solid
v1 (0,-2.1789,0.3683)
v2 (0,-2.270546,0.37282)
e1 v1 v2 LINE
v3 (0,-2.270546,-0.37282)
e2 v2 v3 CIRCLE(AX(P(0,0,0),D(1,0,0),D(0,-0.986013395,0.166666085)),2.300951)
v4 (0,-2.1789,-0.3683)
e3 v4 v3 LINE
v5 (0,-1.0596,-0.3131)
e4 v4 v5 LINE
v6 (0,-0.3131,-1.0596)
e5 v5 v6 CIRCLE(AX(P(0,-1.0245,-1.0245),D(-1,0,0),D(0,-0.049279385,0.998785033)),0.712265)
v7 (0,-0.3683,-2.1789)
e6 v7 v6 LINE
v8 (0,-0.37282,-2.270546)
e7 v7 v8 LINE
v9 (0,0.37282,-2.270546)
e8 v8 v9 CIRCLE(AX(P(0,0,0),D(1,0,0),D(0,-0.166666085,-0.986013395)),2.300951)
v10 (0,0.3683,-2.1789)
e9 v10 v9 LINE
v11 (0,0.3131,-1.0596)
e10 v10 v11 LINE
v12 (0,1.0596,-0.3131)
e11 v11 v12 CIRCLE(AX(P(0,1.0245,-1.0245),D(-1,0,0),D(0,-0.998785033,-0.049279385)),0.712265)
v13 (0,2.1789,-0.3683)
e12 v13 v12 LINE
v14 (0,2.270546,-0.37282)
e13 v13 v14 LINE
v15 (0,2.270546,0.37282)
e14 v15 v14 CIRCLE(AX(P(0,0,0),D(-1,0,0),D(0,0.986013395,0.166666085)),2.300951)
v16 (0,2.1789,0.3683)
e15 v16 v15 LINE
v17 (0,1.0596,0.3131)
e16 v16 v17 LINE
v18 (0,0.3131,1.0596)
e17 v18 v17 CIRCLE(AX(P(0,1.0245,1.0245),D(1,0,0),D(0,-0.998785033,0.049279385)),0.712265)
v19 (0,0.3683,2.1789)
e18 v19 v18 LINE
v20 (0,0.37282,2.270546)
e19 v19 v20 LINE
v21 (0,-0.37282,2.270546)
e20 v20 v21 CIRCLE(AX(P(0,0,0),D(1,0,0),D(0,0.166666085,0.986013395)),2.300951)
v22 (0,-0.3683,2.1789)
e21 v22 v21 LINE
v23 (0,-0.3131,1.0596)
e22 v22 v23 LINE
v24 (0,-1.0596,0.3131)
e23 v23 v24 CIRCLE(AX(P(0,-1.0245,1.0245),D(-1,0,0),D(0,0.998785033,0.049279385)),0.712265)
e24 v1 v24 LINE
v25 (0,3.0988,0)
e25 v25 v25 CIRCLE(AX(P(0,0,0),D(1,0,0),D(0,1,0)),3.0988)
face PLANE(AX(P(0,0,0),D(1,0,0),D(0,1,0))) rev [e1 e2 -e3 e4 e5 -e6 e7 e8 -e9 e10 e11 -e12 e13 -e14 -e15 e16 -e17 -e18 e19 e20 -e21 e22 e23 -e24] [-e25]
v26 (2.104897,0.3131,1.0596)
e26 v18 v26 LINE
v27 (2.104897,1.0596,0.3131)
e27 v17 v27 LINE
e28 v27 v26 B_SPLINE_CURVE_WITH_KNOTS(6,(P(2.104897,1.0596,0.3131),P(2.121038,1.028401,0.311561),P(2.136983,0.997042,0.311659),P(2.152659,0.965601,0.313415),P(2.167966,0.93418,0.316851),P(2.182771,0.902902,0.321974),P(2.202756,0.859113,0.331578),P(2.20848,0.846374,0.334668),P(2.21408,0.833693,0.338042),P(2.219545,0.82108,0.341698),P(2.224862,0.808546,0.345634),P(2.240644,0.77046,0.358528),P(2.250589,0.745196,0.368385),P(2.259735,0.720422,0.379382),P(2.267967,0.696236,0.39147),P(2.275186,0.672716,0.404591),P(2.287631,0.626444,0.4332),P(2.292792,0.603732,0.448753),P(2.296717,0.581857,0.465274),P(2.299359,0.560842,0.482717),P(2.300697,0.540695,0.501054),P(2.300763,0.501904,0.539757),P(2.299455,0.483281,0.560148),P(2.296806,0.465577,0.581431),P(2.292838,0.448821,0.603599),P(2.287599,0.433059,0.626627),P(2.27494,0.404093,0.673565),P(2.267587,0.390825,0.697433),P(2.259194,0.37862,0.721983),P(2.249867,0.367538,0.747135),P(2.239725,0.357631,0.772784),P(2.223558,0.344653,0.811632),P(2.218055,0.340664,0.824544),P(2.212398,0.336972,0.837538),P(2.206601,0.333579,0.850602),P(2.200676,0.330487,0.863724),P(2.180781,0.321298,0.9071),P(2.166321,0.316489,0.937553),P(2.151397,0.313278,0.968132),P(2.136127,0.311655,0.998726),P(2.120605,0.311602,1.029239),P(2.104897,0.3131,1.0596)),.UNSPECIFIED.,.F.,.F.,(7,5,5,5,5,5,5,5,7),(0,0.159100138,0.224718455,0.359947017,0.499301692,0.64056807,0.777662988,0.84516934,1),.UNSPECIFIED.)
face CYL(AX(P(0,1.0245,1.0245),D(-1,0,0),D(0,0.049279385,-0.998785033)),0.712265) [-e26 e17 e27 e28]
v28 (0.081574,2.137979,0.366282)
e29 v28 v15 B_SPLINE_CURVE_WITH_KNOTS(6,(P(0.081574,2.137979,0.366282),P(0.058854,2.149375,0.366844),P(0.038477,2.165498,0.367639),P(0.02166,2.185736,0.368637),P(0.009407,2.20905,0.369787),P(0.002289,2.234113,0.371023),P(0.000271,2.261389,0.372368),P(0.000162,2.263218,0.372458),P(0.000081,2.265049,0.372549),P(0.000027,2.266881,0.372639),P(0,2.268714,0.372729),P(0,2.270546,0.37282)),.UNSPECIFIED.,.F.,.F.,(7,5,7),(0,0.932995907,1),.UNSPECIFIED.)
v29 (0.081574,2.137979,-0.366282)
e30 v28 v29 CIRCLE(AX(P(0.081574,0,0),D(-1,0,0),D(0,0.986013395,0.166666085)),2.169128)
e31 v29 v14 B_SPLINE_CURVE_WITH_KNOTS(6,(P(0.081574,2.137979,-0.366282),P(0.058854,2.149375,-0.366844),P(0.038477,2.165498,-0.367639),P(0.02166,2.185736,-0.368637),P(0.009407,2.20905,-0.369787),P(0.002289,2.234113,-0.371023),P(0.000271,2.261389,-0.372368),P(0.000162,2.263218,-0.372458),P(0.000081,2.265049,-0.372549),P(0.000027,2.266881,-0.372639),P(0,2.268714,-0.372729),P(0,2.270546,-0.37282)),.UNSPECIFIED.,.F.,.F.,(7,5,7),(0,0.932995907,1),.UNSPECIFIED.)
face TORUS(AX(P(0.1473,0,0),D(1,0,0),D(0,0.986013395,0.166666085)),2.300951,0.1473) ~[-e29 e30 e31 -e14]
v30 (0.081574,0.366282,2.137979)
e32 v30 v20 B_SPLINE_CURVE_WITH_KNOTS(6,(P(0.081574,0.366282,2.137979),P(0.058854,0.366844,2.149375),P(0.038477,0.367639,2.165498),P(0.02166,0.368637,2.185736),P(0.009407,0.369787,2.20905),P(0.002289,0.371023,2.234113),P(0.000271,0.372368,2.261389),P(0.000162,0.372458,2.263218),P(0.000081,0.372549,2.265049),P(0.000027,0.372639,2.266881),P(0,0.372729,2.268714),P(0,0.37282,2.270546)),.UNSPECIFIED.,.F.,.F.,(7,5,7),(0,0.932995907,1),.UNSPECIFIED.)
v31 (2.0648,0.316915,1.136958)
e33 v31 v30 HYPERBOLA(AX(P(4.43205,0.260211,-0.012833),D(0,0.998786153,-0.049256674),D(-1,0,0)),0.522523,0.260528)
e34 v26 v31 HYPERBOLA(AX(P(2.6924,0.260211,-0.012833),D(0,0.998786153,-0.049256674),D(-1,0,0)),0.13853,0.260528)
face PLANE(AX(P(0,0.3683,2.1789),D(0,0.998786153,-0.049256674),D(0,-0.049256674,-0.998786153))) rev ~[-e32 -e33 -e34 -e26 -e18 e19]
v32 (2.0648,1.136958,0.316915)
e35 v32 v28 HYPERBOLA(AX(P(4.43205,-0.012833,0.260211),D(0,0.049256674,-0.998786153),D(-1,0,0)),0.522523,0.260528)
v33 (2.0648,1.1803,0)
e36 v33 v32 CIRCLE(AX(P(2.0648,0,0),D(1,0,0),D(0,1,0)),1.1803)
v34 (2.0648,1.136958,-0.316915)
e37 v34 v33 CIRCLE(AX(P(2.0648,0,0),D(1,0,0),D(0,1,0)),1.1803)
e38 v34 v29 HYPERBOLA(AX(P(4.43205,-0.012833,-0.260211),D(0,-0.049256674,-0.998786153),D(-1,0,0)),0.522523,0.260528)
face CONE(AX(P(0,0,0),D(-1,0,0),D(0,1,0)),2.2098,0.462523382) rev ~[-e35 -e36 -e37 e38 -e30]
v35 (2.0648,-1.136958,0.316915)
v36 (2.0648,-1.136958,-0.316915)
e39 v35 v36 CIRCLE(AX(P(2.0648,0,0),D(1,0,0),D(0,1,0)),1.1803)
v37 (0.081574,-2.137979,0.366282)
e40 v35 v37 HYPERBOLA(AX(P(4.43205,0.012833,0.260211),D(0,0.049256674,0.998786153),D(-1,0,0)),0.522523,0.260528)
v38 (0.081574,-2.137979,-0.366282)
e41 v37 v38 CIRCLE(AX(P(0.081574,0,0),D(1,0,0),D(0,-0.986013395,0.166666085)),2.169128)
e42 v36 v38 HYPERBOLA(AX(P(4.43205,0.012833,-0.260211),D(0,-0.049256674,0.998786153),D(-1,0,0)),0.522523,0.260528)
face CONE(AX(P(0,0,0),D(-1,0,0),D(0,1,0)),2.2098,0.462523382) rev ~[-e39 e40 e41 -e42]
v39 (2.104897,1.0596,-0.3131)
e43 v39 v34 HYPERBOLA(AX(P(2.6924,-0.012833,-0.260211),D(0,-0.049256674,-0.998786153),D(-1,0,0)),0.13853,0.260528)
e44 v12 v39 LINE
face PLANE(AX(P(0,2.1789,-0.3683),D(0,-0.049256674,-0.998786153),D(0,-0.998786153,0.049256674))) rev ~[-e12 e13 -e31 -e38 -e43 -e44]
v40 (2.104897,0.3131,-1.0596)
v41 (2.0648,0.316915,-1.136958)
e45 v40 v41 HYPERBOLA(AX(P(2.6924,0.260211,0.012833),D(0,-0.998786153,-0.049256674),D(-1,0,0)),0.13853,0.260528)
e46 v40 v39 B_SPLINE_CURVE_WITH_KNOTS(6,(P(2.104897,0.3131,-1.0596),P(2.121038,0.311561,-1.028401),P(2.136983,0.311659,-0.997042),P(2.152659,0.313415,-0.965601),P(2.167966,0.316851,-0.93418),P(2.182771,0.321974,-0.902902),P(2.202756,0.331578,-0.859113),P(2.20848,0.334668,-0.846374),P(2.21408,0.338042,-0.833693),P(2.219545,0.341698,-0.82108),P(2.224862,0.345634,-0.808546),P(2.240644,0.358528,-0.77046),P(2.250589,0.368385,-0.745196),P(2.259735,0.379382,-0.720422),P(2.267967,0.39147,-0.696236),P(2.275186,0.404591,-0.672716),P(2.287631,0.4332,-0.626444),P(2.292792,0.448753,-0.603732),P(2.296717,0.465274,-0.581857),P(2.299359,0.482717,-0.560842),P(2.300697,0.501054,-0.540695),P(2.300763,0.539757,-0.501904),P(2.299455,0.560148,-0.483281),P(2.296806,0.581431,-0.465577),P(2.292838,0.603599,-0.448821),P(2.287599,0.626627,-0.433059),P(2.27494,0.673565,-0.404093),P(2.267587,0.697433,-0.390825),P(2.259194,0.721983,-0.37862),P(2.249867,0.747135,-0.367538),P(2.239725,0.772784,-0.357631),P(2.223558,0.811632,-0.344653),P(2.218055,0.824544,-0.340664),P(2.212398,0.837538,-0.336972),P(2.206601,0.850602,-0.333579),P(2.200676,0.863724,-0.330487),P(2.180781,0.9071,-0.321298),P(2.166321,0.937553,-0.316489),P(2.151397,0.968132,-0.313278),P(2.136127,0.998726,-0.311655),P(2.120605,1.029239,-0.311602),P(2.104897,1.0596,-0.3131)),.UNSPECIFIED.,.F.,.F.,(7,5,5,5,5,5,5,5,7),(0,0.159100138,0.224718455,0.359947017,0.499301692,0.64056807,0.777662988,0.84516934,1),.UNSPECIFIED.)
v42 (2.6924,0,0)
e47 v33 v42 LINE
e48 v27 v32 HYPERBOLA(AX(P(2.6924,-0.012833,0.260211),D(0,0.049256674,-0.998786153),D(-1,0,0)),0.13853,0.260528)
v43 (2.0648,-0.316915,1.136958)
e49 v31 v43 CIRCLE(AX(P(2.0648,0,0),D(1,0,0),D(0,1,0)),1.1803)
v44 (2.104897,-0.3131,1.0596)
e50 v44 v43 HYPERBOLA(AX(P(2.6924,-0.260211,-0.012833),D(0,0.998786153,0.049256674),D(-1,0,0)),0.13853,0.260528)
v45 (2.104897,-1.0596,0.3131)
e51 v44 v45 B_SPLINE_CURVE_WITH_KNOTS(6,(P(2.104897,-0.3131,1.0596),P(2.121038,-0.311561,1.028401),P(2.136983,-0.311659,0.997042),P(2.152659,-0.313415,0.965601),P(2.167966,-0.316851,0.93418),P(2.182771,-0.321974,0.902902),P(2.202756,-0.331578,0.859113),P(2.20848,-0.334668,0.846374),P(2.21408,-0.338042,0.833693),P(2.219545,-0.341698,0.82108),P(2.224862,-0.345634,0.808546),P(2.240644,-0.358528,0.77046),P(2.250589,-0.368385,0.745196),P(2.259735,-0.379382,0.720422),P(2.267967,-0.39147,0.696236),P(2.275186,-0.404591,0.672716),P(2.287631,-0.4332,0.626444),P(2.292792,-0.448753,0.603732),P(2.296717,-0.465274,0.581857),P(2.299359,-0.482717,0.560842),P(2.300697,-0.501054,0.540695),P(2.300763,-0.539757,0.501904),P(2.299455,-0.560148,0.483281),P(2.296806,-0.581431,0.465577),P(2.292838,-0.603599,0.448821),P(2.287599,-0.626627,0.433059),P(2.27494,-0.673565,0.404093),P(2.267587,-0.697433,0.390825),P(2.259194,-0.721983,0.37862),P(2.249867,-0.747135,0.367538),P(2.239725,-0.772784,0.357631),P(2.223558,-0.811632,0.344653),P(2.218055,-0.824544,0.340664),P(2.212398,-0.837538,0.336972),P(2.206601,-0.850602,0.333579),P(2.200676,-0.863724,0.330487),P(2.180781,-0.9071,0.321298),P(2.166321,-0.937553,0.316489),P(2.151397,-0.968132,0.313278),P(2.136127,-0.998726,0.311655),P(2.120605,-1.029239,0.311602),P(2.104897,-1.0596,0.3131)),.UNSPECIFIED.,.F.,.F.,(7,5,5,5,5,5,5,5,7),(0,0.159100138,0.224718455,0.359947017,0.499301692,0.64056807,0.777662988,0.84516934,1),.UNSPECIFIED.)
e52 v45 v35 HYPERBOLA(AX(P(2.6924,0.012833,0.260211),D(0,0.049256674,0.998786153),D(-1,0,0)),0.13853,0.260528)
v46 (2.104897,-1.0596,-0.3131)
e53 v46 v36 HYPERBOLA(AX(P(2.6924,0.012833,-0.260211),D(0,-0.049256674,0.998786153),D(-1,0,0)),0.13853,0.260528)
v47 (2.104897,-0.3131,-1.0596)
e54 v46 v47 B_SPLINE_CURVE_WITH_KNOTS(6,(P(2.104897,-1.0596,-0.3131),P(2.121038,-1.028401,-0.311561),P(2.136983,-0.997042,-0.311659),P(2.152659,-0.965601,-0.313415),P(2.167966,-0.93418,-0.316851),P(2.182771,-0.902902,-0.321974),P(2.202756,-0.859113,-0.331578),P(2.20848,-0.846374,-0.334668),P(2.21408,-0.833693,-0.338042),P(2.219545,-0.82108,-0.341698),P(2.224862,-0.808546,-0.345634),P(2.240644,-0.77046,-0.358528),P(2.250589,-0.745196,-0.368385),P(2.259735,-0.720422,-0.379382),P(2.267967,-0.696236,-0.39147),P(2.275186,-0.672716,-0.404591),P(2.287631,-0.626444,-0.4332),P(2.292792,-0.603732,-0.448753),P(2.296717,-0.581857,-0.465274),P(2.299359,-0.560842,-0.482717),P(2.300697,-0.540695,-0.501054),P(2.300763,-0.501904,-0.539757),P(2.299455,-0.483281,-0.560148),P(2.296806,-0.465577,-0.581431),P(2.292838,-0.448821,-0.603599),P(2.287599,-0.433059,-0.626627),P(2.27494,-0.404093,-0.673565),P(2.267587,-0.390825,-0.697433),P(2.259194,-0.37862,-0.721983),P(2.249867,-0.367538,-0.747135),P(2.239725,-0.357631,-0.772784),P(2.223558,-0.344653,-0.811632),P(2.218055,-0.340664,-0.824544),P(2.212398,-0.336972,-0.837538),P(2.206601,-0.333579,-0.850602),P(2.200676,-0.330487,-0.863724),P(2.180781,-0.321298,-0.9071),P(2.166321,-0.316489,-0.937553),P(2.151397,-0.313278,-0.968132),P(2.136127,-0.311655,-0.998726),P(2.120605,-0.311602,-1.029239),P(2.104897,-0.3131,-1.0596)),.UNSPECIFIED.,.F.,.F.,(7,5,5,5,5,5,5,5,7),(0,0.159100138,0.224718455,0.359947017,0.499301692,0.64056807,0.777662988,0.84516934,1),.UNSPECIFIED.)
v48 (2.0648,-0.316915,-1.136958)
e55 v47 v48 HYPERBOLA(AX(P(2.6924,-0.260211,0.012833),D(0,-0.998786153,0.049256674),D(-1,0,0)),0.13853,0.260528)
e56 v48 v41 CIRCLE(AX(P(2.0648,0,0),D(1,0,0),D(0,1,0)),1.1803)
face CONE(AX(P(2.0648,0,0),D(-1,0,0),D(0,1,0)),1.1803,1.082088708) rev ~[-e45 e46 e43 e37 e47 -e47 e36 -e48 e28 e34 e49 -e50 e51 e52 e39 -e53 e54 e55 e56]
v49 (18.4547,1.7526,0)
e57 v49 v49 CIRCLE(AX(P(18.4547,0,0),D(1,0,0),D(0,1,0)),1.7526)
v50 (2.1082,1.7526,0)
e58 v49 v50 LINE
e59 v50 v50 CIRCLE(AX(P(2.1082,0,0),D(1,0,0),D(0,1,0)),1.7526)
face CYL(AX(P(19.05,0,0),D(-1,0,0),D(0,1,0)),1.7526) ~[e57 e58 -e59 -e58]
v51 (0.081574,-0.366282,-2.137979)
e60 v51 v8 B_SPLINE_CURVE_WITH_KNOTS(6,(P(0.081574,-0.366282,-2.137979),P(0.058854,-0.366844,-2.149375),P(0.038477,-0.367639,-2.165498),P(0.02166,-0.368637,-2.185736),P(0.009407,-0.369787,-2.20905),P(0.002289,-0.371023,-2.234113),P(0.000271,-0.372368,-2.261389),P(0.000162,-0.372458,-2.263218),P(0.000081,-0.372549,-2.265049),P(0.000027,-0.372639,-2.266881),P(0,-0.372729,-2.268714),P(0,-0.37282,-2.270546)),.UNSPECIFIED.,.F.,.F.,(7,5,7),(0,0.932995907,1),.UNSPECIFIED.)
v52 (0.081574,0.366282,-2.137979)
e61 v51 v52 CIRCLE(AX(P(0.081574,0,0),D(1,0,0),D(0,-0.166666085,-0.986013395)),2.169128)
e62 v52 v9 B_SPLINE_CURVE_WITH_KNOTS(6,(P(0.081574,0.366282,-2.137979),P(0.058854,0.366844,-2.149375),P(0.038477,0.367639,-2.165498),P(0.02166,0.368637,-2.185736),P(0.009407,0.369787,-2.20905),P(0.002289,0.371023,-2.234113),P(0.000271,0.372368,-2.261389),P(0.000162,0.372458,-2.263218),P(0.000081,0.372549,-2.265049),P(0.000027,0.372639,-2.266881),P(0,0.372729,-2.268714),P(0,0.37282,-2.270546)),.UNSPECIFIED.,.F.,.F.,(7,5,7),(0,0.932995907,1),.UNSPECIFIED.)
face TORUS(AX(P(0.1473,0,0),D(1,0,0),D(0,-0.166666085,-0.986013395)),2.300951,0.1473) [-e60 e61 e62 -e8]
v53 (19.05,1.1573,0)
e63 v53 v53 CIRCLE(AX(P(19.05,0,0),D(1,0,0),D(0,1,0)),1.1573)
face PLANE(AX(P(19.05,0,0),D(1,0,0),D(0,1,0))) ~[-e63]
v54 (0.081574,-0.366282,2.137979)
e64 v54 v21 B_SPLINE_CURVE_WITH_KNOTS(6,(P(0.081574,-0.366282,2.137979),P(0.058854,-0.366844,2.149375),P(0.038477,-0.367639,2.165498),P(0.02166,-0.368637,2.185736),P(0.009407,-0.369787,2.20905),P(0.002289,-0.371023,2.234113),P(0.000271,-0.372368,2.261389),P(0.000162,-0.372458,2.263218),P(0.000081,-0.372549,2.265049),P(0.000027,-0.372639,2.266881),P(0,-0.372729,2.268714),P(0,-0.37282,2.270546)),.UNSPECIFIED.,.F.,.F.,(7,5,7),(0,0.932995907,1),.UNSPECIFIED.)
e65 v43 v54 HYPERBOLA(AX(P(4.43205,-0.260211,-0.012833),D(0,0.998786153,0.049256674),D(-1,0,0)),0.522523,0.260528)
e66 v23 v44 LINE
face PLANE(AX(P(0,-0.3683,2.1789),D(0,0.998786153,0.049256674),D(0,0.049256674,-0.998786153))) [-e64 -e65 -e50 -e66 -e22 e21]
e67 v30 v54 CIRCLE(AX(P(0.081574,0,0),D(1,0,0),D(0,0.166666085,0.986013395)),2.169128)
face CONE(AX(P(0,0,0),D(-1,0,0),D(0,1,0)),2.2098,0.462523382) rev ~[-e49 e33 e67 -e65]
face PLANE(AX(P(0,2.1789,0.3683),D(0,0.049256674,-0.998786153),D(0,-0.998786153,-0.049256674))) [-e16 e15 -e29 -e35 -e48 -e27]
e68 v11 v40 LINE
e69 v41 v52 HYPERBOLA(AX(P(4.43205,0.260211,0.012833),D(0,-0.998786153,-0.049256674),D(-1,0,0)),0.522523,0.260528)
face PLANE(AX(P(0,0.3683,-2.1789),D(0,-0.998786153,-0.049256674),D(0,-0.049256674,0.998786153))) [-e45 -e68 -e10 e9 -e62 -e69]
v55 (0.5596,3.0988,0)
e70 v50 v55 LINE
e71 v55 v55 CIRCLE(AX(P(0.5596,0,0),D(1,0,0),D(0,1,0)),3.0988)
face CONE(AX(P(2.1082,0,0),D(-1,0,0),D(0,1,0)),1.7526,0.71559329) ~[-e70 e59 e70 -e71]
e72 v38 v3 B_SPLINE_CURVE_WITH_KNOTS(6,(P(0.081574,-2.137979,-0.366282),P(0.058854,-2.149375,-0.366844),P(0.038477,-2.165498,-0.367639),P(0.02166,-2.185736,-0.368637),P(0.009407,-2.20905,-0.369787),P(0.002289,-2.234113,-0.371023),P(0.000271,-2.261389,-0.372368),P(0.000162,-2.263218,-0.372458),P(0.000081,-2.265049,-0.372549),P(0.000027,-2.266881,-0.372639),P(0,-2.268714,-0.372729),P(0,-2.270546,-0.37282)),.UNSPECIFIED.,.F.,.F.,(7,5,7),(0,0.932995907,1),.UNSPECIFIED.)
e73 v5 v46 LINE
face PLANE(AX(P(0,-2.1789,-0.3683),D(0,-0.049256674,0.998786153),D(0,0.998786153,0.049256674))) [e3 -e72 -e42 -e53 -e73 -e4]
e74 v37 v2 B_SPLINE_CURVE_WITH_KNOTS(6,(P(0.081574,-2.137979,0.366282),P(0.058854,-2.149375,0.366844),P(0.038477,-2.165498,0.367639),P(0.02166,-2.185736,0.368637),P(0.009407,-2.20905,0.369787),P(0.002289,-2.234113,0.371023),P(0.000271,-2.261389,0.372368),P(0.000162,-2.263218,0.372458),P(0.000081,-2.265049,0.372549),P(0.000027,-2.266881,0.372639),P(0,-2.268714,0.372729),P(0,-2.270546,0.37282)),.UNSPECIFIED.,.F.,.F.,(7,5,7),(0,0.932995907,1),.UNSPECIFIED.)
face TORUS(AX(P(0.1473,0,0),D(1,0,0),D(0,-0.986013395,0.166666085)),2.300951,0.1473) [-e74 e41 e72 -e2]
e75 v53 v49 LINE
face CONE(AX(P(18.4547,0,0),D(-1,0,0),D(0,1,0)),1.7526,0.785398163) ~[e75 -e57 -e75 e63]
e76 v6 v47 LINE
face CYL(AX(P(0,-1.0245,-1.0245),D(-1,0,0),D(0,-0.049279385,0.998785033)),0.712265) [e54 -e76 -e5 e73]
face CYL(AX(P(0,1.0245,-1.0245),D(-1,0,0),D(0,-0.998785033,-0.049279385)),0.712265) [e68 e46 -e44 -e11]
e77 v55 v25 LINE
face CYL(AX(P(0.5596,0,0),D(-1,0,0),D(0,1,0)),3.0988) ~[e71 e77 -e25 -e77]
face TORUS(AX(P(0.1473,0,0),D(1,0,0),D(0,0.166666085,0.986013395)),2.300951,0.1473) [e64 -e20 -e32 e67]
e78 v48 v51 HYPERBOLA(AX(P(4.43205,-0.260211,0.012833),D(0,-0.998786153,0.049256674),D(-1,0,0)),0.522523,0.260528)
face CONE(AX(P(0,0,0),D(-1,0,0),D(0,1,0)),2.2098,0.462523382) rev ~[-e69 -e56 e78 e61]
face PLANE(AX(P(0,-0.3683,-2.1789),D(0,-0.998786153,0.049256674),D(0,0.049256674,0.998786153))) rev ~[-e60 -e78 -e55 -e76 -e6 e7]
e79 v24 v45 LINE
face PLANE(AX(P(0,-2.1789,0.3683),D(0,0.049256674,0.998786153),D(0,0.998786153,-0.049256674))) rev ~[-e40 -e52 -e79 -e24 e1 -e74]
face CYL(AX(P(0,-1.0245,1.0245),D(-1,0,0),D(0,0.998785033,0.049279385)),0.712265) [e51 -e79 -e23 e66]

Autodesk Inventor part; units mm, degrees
ref_plane "YZ Plane" through (0, 0, 0) normal (1, 0, 0) x (0, 1, 0)
ref_plane "XZ Plane" through (0, 0, 0) normal (0, 1, 0) x (-1, 0, 0)
sketch "Sketch1" plane through (0, 0, 0) normal (0, 0, 1) x (1, 0, 0)
  line L0 (2.6924, 0) -> (19.05, 0)
  line L1 (19.05, 0) -> (19.05, 1.7526)
  line L2 (19.05, 1.7526) -> (2.1082, 1.7526)
  line L3 (0.5596, 3.0988) -> (0, 3.0988)
  line L4 (-3.81, 0) -> (22.86, 0) projected
  line L5 (0, -0.6198) -> (0, 3.7186) projected
  line L6 (0, 2.2098) -> (2.0648, 1.1803)
  line L7 (2.0648, 1.1803) -> (2.6924, 0)
  line L8 (2.1082, 1.7526) -> (0.5596, 3.0988)
  line L9 (0, 3.0988) -> (0, 2.2098)
  dimension "d2" = 3.5052
  dimension "d3" = 6.1976
  dimension "d4" = 2.6924
  dimension "d5" = 4.4196
  dimension "d6" = 26.5
  dimension "d7" = 62
  dimension "d13" = 41
  dimension "d14" = 2.1082
  dimension "d15" = 19.05
revolve "Body" add sketch "Sketch1" angle 360 about axis through (2.6924, 0, 0) along (1, 0, 0) contours L7 L6 L5 L3 L8 L2 L1 L0
sketch "Sketch2" plane through (0, 0, 0) normal (-1, 0, 0) x (0, 0, 1)
  line L0 (0, -4.3383) -> (0, 4.3383) projected
  line L1 (-4.3383, 0) -> (4.3383, 0) projected
  line L2 (0, 2.2098) -> (0, 0) construction
  line L3 (0, 0) -> (2.2098, 0) construction
  arc A0 (0.7366, 0) -> (0, 0.7366) centre (0, 0) ccw
  line L4 (0, 0) -> (0.7947, 0.7947) construction
  arc A1 (1.1049, 0) -> (0, 1.1049) centre (0, 0) ccw construction
  line L5 (0.3683, 2.1789) -> (0.3131, 1.0596)
  line L6 (2.1789, 0.3683) -> (1.0596, 0.3131)
  arc A2 (0.3131, 1.0596) -> (1.0596, 0.3131) centre (1.0245, 1.0245) ccw
  arc A3 (2.2098, 0) -> (2.1789, 0.3683) centre (0, 0) ccw
  arc A4 (0.3683, 2.1789) -> (0, 2.2098) centre (0, 0) ccw
  arc A5 (2.1789, 0.3683) -> (0.3683, 2.1789) centre (0, 0) ccw
  line L7 (0.3683, -2.1789) -> (0.3131, -1.0596)
  line L8 (2.1789, -0.3683) -> (1.0596, -0.3131)
  arc A6 (1.0596, -0.3131) -> (0.3131, -1.0596) centre (1.0245, -1.0245) ccw
  arc A7 (2.1789, -0.3683) -> (2.2098, 0) centre (0, 0) ccw
  arc A8 (0, -2.2098) -> (0.3683, -2.1789) centre (0, 0) ccw
  arc A9 (0.3683, -2.1789) -> (2.1789, -0.3683) centre (0, 0) ccw
  line L9 (-0.3683, 2.1789) -> (-0.3131, 1.0596)
  line L10 (-2.1789, 0.3683) -> (-1.0596, 0.3131)
  arc A10 (-1.0596, 0.3131) -> (-0.3131, 1.0596) centre (-1.0245, 1.0245) ccw
  arc A11 (-2.1789, 0.3683) -> (-2.2098, 0) centre (0, 0) ccw
  arc A12 (0, 2.2098) -> (-0.3683, 2.1789) centre (0, 0) ccw
  arc A13 (-0.3683, 2.1789) -> (-2.1789, 0.3683) centre (0, 0) ccw
  arc A14 (-2.1789, -0.3683) -> (-0.3683, -2.1789) centre (0, 0) ccw
  arc A15 (-0.3683, -2.1789) -> (0, -2.2098) centre (0, 0) ccw
  arc A16 (-2.2098, 0) -> (-2.1789, -0.3683) centre (0, 0) ccw
  line L11 (-2.1789, -0.3683) -> (-1.0596, -0.3131)
  arc A17 (-0.3131, -1.0596) -> (-1.0596, -0.3131) centre (-1.0245, -1.0245) ccw
  line L12 (-0.3683, -2.1789) -> (-0.3131, -1.0596)
  dimension "d18" = 45
  dimension "d19" = 1.4732
  dimension "d20" = 2.2098
  dimension "d21" = 4.4196
  dimension "d22" = 0.3683
extrude "Slot" add sketch "Sketch2" against normal up to next contours A2 L5 A5 L6 | L9 A10 L10 A13 | L7 A6 L8 A9 | A14 L11 A17 L12
fillet "Fillet1" radius 0.1473 4 edges at (0, 2.2098, 0) (0, 0, 2.2098) (0, -2.2098, 0) (0, 0, -2.2098)
thread "Thread" size "6-32 UNC" class "2A" standard "ANSI Unified Screw Threads" length 14.9574
chamfer "Chamfer1" distance 0.5953 distance2 0.5953 1 edges at (19.05, -1.7526, 0) measured on face at (19.05, -0.3126, 0.4528)
ref_plane "Work Plane2" through (2.032, 0, 0) normal (0, 1, 0) x (1, 0, 0)
equation "\"d2\" = GD"
equation "\"d3\" = KOD"
equation "\"d4\" = INTI"
equation "\"d5\" = SDM"
equation "\"d13\" = 0.5 * SEWI"
equation "\"d14\" = KOH"
equation "\"d15\" = NLG"
equation "\"d19\" = 0.333333 * SDM"
equation "\"d20\" = 0.5 * SDM"
equation "\"d21\" = SDM"
equation "\"d22\" = 0.5 * SBR"
equation "\"d45\" = INTI"
equation "\"d25\" = 0.2 * SBR"
equation "\"d9\" = GEL"
equation "\"d11\" = -0.5 * SPD + 0.5 * GD"
equation "\"d12\" = GUL"
equation "\"GD\" = NND"
equation "\"NLG\" = 19.05"
equation "\"GEL\" = 14.95743"
equation "\"KOD\" = 6.1976"
equation "\"KOH\" = 2.1082"
equation "\"SDM\" = 4.4196"
equation "\"INTI\" = 2.6924"
equation "\"SBR\" = 0.7366"
equation "\"GUL\" = 0.75 * GAL"
equation "\"SPD\" = 2.31458"
equation "\"SEWI\" = 82deg"
equation "\"d0\" = NLG"
equation "\"d1\" = KOH"
equation "\"d17\" = SDM"
equation "\"TOA\" = 30deg"
equation "\"THREADDIA\" = 3.5052"
equation "\"BDM\" = NND"
equation "\"NND\" = 3.5052"
equation "\"GAL\" = 0.79375"
equation "\"GD1\" = SPD"
properties part number "ANSI B18.6.3 - 6-32 x 3/4, CRFCHMSTII(5)" material "Steel, Mild"
